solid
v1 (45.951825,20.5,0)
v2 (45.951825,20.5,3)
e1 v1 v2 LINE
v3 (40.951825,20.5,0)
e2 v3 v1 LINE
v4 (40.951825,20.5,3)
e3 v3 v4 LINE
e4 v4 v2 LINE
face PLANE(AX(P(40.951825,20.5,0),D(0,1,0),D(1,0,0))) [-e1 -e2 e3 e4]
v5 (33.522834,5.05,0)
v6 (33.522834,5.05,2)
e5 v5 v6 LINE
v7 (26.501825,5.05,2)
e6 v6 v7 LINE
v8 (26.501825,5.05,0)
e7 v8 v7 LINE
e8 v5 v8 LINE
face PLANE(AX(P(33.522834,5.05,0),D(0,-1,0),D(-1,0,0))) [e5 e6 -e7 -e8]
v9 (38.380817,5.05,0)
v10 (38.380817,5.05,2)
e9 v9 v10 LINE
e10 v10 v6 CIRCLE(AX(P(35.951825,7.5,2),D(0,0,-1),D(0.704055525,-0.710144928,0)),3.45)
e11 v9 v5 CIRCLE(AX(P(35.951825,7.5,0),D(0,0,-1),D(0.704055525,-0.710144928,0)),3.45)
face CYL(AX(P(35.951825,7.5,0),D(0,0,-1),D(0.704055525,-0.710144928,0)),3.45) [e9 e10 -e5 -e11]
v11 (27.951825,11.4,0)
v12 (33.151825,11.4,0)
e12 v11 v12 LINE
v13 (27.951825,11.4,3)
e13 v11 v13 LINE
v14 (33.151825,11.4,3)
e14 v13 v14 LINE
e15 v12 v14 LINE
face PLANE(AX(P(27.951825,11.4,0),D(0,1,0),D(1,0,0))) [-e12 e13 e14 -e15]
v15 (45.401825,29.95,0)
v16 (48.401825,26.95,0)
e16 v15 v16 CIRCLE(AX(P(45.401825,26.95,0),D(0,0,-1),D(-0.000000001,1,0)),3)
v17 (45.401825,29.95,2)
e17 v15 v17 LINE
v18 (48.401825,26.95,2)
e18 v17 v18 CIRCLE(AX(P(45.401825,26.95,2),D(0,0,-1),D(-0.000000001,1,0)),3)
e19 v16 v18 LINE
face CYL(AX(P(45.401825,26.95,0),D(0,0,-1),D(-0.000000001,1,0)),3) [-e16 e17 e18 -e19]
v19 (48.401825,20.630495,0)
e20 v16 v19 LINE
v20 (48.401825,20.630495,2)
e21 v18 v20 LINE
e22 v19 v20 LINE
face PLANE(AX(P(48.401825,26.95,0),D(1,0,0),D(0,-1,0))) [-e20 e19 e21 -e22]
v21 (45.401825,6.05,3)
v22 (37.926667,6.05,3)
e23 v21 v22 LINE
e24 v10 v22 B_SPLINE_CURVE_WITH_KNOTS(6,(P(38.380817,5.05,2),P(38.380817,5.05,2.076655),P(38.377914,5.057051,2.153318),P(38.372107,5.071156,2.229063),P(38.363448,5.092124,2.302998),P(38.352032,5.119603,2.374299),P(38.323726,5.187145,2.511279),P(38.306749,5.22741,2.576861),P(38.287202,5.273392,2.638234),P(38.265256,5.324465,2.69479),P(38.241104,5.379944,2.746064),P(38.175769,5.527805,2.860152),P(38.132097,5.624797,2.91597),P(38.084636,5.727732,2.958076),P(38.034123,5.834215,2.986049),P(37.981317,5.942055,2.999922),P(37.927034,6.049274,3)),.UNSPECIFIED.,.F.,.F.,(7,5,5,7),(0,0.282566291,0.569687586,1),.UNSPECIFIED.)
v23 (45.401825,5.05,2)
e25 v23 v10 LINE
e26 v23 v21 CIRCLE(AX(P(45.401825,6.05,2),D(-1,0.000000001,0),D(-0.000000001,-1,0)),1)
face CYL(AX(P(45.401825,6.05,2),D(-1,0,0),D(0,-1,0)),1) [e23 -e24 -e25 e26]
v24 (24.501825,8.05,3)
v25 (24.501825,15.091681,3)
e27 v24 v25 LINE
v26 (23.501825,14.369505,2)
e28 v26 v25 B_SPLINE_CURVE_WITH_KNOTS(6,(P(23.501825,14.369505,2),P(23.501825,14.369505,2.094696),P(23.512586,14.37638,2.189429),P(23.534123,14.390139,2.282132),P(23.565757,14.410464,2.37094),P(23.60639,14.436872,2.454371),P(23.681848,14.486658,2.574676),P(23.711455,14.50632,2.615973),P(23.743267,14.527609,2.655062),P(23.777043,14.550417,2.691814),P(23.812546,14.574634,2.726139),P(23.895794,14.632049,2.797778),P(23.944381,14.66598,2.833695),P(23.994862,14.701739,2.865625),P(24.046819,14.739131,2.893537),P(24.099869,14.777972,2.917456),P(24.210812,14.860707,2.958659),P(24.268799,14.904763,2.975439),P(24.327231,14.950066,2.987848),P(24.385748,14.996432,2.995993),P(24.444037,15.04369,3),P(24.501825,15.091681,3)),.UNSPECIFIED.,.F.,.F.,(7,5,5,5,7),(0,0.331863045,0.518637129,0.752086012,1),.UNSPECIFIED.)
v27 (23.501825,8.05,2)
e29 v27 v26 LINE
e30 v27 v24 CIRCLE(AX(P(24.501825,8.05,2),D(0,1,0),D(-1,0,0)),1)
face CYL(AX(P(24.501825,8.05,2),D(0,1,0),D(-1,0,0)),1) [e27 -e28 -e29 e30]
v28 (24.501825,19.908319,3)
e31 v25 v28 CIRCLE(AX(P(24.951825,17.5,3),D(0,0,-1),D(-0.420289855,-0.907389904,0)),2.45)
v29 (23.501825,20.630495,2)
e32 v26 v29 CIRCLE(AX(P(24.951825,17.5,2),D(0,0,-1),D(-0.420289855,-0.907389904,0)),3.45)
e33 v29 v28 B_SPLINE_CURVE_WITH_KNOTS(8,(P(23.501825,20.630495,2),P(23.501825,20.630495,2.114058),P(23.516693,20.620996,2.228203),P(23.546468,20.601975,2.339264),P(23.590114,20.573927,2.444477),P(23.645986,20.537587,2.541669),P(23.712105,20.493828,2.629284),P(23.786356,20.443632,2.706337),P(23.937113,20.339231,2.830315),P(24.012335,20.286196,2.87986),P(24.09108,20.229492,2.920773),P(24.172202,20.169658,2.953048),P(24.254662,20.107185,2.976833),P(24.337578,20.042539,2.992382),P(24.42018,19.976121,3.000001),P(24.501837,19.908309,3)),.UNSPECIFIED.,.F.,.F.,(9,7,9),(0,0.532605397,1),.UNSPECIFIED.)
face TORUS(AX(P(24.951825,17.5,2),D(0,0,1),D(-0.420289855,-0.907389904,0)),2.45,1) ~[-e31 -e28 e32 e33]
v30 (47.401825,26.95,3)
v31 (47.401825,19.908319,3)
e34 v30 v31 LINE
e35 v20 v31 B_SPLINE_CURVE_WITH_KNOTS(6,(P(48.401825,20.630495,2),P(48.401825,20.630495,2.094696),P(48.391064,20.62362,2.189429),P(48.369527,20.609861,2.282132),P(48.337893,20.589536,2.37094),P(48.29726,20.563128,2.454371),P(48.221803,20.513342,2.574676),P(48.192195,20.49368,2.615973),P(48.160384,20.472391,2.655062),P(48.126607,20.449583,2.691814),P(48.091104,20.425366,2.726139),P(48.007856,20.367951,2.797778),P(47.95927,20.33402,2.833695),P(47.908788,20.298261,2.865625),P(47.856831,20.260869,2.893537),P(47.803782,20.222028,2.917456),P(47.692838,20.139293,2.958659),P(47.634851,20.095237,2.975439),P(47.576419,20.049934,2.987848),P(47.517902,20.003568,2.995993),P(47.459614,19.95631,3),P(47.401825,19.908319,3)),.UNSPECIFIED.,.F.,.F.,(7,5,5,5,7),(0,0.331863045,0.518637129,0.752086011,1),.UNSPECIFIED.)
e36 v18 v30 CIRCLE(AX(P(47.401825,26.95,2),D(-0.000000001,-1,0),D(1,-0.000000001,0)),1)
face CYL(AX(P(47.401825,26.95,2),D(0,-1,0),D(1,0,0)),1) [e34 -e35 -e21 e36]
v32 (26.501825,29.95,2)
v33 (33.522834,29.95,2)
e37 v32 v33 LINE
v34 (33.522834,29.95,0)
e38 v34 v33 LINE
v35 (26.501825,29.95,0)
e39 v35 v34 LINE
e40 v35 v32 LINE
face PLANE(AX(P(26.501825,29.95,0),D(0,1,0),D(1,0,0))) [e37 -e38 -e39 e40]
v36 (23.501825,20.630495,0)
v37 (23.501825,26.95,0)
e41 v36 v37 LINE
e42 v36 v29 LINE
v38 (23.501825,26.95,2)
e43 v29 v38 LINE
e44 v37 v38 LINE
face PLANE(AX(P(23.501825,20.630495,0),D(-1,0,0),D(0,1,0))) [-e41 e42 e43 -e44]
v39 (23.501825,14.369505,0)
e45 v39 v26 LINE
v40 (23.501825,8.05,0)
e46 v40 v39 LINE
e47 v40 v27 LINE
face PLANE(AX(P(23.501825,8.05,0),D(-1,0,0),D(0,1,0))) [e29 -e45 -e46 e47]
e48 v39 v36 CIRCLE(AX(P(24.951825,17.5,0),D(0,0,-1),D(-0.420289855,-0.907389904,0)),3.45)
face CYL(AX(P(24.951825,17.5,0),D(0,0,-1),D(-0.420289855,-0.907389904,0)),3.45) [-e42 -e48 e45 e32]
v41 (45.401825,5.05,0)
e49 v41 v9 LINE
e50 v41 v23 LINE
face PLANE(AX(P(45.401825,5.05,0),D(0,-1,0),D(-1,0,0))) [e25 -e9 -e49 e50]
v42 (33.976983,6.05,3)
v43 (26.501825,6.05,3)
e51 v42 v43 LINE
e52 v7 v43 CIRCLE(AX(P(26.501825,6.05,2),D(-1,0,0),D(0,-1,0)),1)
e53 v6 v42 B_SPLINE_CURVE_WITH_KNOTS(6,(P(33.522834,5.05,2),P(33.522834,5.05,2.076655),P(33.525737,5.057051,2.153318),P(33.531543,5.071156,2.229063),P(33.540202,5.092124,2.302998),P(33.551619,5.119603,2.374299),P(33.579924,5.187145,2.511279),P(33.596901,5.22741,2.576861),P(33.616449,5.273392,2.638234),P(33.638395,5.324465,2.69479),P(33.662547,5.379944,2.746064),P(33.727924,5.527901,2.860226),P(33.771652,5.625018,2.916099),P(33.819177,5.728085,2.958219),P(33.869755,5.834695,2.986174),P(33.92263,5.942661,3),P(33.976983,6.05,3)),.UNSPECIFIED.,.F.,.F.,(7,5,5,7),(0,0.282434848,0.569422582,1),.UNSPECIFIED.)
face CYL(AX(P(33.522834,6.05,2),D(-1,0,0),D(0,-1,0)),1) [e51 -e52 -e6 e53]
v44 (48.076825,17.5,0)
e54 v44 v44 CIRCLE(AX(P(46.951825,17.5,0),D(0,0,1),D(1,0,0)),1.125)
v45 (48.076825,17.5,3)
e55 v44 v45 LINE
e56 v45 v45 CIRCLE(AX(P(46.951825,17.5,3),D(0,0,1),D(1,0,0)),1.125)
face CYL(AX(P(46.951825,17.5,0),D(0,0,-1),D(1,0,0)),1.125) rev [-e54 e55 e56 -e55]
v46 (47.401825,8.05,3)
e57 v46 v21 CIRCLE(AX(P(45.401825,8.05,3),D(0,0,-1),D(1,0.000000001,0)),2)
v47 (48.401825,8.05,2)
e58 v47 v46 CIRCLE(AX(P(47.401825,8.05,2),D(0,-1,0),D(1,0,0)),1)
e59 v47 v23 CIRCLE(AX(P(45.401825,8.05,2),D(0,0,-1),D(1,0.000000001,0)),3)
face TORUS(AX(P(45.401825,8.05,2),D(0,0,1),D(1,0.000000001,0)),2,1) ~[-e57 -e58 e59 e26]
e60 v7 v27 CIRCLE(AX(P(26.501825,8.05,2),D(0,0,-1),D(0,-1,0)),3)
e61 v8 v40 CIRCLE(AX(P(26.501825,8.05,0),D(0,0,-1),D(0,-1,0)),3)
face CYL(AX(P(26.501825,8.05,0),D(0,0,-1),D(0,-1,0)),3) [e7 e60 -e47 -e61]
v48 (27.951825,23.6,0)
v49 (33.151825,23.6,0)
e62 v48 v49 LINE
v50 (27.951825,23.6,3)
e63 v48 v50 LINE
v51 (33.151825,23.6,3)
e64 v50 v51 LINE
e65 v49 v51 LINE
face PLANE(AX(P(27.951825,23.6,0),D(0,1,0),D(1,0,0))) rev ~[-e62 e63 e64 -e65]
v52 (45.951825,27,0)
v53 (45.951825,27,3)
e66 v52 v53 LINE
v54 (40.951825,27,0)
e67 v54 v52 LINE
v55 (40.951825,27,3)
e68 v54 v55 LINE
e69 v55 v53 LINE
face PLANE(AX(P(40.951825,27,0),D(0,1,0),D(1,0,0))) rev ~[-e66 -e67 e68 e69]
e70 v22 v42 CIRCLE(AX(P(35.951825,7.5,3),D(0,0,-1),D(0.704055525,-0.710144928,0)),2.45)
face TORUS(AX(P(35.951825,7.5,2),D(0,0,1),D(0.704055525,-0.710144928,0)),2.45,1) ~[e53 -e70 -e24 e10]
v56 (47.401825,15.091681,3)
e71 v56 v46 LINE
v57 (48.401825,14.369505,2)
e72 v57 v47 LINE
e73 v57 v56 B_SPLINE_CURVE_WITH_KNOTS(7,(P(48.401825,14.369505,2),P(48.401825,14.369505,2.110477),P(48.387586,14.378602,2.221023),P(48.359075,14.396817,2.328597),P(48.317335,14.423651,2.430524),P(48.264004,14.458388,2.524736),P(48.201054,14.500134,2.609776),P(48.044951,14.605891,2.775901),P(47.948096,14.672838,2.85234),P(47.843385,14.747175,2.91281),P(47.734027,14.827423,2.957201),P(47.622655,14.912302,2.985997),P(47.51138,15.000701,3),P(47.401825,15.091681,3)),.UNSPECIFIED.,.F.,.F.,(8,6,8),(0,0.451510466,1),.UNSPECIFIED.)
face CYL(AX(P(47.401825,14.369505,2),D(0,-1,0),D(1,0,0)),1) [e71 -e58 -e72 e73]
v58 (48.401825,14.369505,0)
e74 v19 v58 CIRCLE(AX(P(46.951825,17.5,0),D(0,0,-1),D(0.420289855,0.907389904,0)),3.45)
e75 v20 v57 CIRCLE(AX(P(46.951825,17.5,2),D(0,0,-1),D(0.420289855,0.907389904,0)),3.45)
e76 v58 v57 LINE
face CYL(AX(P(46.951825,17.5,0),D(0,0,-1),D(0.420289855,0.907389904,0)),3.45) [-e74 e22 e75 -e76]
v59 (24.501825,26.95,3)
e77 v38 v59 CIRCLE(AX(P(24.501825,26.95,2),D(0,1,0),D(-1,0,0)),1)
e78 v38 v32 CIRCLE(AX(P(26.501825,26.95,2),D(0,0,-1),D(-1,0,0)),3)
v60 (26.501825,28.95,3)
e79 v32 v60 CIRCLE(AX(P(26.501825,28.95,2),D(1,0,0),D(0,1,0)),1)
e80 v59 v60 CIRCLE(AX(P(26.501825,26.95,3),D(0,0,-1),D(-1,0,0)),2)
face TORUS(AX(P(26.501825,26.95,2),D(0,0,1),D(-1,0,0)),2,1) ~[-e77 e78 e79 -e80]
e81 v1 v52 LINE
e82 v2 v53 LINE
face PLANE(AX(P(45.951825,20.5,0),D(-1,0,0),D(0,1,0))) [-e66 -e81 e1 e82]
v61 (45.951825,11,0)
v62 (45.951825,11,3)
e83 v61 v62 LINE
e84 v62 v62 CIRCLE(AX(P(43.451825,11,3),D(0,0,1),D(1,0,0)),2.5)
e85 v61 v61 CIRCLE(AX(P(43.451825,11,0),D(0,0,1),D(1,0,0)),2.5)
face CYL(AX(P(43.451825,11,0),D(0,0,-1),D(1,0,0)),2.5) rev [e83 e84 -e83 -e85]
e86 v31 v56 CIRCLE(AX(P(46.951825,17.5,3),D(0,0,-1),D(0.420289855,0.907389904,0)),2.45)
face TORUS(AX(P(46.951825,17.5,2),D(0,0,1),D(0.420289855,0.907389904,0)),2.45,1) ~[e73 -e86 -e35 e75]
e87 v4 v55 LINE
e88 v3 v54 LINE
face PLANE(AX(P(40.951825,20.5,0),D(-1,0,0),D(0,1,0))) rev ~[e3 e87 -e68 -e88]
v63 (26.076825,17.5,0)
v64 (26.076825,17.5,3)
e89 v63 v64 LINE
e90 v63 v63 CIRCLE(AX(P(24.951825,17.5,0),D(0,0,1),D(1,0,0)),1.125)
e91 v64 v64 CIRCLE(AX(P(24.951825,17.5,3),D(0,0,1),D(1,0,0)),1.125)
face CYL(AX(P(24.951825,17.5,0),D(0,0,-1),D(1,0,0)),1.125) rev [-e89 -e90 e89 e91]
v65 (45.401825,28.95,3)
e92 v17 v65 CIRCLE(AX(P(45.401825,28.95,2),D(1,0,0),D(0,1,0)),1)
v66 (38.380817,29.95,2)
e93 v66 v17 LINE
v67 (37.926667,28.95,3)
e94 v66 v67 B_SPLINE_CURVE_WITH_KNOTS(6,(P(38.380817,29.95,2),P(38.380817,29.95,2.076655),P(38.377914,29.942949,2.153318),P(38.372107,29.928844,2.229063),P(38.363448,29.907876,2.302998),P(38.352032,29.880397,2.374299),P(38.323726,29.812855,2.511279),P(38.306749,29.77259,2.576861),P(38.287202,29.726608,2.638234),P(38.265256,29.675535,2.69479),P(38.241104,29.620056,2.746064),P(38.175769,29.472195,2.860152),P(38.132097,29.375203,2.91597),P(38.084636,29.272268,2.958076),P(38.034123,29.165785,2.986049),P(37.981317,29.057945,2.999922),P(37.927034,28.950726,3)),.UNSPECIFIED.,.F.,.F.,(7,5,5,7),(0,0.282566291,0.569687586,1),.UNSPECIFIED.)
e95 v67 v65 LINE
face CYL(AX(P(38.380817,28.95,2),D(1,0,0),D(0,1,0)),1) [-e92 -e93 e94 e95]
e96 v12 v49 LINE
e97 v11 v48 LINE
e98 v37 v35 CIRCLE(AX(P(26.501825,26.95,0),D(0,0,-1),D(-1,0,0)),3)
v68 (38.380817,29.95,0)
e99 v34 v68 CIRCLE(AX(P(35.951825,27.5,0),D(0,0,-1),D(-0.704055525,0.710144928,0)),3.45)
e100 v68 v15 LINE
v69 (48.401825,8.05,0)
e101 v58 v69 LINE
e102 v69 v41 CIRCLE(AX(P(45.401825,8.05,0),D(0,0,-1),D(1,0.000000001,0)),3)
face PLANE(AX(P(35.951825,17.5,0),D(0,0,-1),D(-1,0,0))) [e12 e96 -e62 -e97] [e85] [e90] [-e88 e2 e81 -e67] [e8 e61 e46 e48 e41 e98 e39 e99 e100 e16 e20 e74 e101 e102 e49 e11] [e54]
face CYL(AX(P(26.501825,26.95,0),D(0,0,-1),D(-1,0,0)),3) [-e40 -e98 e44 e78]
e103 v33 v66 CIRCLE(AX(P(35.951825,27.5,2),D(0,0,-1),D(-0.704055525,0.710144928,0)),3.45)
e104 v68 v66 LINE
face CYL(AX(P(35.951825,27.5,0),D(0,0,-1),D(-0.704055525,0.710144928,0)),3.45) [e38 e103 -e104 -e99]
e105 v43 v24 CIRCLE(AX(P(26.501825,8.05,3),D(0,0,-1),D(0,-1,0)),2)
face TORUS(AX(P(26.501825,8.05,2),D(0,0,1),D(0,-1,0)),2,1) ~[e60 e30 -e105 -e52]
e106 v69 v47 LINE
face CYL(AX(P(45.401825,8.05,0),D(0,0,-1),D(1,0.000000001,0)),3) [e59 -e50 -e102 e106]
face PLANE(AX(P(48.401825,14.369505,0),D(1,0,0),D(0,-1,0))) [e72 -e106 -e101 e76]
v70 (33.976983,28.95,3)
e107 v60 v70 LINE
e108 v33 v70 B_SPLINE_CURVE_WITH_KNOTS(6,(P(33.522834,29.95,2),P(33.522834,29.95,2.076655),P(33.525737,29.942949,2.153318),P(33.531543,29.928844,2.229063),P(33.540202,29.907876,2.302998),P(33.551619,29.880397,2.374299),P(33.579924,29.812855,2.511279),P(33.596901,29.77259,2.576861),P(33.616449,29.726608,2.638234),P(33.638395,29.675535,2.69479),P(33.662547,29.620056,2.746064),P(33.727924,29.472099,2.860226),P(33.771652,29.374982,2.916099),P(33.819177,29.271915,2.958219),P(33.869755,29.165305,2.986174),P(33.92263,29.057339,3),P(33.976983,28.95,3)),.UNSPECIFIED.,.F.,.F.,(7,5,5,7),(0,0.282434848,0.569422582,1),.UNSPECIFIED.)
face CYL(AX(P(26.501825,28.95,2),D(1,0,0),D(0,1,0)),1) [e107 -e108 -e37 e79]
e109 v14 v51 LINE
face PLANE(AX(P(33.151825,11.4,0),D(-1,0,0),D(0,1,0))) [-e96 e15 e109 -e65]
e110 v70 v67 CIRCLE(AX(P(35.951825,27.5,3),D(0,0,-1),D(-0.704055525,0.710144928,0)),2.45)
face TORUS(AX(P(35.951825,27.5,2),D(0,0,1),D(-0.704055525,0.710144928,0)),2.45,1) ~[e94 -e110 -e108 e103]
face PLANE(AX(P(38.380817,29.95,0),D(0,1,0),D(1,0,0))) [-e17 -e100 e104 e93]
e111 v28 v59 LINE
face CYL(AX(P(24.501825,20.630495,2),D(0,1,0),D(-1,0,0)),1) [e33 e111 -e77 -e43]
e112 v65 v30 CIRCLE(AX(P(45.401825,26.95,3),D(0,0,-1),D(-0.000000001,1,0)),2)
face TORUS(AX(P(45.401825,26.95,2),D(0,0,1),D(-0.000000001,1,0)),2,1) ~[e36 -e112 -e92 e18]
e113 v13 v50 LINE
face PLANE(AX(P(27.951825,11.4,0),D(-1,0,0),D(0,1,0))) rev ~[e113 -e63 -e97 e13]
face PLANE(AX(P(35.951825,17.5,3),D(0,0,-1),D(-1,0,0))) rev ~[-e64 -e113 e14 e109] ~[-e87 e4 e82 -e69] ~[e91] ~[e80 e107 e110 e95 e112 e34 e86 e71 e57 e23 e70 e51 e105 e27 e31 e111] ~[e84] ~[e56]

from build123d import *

# Parameters (mm, degrees)
SKETCH1_R           = 1.125
SKETCH1_R_2         = 2.5
SKETCH1_W           = 5.2
SKETCH1_H           = 12.2
SKETCH1_W_2         = 5
SKETCH1_H_2         = 6.5
BOSS_EXTRUDE1_DEPTH = 3
FILLET1_R           = 1


with BuildPart() as part:
    # Sketch1 → Boss-Extrude1 (new body)
    with BuildSketch(Plane.XY):
        with BuildLine():
            Line((23.501825189, 8.05), (23.501825189, 14.369504832))
            ThreePointArc((23.501825189, 14.369504832), (21.501825189, 17.5), (23.501825189, 20.630495168))
            Line((23.501825189, 20.630495168), (23.501825189, 26.95))
            ThreePointArc((23.501825189, 26.95), (24.380504846, 29.071320344), (26.501825189, 29.95))
            Line((26.501825189, 29.95), (33.522833629, 29.95))
            ThreePointArc((33.522833629, 29.95), (35.951825189, 30.95), (38.38081675, 29.95))
            Line((38.38081675, 29.95), (45.401825189, 29.95))
            ThreePointArc((45.401825189, 29.95), (47.523145533, 29.071320344), (48.401825189, 26.95))
            Line((48.401825189, 26.95), (48.401825189, 20.630495168))
            ThreePointArc((48.401825189, 20.630495168), (50.401825189, 17.5), (48.401825189, 14.369504832))
            Line((48.401825189, 14.369504832), (48.401825189, 8.05))
            ThreePointArc((48.401825189, 8.05), (47.523145533, 5.928679656), (45.401825189, 5.05))
            Line((45.401825189, 5.05), (38.38081675, 5.05))
            ThreePointArc((38.38081675, 5.05), (35.951825189, 4.05), (33.522833629, 5.05))
            Line((33.522833629, 5.05), (26.501825189, 5.05))
            ThreePointArc((26.501825189, 5.05), (24.380504846, 5.928679656), (23.501825189, 8.05))
        make_face()
        with Locations((24.951825189, 17.5)):
            Circle(SKETCH1_R, mode=Mode.SUBTRACT)
        with Locations((46.951825189, 17.5)):
            Circle(SKETCH1_R, mode=Mode.SUBTRACT)
        with Locations((43.451825189, 11)):
            Circle(SKETCH1_R_2, mode=Mode.SUBTRACT)
        with Locations((30.551825189, 17.5)):
            Rectangle(SKETCH1_W, SKETCH1_H, mode=Mode.SUBTRACT)
        with Locations((43.451825189, 23.75)):
            Rectangle(SKETCH1_W_2, SKETCH1_H_2, mode=Mode.SUBTRACT)
    extrude(amount=BOSS_EXTRUDE1_DEPTH)

    # Fillet1
    fillet1_edges = [part.edges().sort_by_distance(p)[0] for p in [
        (35.951825189, 4.05, 3),
        (41.891320969, 5.05, 3),
        (47.523145533, 5.928679656, 3),
        (48.401825189, 11.209752416, 3),
        (50.401825189, 17.5, 3),
        (48.401825189, 23.790247584, 3),
        (47.523145533, 29.071320344, 3),
        (41.891320969, 29.95, 3),
        (35.951825189, 30.95, 3),
        (30.012329409, 29.95, 3),
        (24.380504846, 5.928679656, 3),
        (24.380504846, 29.071320344, 3),
        (23.501825189, 23.790247584, 3),
        (21.501825189, 17.5, 3),
        (23.501825189, 11.209752416, 3),
        (30.012329409, 5.05, 3),
    ]]
    fillet(fillet1_edges, radius=FILLET1_R)


solid = part.part
